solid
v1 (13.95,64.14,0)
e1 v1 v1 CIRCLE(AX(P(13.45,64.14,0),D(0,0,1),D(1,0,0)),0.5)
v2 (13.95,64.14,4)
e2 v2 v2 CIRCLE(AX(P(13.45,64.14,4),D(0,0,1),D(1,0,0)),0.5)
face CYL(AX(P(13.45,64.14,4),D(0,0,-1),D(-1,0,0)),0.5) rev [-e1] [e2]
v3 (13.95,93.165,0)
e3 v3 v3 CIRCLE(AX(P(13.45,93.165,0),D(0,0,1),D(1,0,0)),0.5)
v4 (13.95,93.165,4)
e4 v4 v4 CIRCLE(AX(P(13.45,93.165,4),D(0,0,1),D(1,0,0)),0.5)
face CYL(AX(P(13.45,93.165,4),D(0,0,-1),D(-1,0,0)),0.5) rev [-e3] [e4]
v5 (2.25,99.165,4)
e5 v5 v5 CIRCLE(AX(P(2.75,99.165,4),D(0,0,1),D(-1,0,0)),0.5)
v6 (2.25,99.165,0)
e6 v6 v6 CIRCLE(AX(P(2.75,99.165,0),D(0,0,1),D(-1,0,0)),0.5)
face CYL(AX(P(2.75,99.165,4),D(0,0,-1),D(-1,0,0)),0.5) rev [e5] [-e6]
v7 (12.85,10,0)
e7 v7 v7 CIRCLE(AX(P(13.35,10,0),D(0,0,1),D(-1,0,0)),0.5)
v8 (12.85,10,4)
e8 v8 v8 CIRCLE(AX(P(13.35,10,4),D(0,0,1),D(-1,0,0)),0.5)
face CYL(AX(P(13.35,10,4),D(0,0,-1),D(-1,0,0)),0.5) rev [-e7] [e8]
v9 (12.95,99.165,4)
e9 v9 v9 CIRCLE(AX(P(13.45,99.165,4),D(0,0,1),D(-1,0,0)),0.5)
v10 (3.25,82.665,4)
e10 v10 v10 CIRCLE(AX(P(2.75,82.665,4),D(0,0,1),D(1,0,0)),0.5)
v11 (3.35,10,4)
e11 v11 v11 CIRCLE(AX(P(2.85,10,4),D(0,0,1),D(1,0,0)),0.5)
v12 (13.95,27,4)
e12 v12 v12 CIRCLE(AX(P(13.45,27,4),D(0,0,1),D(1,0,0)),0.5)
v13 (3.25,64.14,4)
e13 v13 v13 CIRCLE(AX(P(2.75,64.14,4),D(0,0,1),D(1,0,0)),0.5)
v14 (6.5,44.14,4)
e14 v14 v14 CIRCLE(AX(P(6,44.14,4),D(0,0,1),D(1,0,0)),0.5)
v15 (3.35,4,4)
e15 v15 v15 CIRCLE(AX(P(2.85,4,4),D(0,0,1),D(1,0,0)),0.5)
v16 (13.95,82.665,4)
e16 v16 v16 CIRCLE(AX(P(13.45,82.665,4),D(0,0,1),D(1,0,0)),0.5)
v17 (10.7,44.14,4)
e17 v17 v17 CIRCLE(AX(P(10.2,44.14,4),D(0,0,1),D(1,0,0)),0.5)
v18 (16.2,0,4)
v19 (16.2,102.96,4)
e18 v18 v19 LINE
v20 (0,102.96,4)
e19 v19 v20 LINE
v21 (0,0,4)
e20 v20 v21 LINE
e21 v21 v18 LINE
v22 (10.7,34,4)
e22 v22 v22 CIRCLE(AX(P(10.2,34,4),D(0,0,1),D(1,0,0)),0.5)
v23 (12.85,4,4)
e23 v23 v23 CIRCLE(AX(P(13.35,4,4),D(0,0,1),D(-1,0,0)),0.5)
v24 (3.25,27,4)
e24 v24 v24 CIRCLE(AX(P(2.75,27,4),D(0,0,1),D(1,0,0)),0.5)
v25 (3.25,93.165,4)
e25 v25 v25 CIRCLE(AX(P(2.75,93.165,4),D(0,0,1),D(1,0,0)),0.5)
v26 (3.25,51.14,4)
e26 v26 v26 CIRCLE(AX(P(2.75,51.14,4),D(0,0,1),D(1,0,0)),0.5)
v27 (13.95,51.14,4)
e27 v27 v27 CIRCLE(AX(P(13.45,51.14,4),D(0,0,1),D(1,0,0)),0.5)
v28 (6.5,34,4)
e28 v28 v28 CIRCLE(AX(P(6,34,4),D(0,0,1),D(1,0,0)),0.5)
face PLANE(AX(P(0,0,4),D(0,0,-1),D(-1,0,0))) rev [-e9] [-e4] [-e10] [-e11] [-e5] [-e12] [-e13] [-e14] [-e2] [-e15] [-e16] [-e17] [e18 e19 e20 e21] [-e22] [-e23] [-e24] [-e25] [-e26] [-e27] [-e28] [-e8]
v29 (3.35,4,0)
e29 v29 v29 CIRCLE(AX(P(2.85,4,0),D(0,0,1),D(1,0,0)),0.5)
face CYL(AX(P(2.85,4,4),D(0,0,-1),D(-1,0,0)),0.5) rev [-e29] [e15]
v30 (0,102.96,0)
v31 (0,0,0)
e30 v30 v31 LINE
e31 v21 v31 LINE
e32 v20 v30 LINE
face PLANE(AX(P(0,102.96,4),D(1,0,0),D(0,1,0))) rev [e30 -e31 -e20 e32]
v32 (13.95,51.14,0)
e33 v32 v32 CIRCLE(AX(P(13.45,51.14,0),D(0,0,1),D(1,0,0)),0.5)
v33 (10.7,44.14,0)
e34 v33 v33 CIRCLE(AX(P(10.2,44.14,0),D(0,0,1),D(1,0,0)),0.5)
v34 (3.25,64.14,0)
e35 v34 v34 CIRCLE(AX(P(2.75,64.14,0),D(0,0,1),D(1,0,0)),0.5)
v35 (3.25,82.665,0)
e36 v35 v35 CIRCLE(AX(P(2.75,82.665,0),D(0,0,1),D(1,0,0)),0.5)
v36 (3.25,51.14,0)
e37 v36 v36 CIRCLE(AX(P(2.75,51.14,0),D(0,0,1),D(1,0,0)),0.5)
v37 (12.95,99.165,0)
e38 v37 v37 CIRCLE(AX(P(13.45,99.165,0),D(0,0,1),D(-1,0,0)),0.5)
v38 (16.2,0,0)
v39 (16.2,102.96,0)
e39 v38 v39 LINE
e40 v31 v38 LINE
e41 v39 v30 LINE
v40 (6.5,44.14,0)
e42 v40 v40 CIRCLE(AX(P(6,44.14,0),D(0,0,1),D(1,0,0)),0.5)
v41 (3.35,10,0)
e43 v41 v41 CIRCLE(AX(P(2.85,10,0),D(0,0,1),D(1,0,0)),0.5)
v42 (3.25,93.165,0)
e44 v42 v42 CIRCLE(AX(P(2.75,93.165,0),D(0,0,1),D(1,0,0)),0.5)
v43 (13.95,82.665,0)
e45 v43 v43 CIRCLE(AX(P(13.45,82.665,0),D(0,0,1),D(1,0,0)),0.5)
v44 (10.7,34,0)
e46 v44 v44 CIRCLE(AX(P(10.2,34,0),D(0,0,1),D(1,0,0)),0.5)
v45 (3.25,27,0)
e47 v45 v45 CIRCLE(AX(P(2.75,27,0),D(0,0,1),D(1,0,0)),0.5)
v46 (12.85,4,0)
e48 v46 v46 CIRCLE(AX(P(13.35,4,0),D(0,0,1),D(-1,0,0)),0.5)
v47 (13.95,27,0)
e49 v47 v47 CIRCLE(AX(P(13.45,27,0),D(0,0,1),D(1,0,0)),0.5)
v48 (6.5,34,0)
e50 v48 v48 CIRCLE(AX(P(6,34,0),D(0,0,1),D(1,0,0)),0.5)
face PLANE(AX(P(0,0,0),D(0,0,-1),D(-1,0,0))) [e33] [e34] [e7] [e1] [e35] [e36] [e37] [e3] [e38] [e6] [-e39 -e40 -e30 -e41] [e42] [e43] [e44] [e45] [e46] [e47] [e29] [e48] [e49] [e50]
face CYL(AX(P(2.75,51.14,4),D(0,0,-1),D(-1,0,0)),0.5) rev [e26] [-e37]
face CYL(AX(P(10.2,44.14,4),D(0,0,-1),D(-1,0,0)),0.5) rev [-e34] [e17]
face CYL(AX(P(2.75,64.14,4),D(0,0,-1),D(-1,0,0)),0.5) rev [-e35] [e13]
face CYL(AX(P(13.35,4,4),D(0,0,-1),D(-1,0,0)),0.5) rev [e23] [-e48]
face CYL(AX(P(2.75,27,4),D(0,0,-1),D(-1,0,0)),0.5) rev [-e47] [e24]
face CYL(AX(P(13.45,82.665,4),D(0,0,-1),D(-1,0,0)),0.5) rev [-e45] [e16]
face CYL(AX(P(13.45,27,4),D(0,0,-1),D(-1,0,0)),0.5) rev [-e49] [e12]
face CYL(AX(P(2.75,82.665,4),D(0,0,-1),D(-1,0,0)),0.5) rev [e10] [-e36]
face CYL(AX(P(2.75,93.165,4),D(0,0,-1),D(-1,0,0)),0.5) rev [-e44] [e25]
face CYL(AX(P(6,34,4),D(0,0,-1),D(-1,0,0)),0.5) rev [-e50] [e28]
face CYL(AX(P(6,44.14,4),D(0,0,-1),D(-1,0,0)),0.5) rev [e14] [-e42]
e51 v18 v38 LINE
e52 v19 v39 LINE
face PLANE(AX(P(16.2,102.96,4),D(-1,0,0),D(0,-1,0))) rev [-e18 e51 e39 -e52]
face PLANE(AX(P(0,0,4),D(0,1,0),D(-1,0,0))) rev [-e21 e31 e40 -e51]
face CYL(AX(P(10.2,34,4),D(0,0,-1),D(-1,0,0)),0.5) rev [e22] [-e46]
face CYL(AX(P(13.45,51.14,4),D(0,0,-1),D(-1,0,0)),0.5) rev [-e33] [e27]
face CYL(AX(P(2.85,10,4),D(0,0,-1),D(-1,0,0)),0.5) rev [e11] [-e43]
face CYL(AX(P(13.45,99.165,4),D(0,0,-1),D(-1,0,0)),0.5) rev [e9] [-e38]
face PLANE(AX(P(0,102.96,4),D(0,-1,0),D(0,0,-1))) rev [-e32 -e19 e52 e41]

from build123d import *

# Parameters (mm, degrees)
SKETCH1_W           = 16.2
SKETCH1_H           = 102.96
SKETCH1_R           = 0.5
BOSS_EXTRUDE1_DEPTH = 4


with BuildPart() as part:
    # Sketch1 → Boss-Extrude1 (new body)
    with BuildSketch(Plane.XY):
        with Locations((8.1, 51.48)):
            Rectangle(SKETCH1_W, SKETCH1_H)
        with Locations((13.45, 51.14)):
            Circle(SKETCH1_R, mode=Mode.SUBTRACT)
        with Locations((13.45, 93.165)):
            Circle(SKETCH1_R, mode=Mode.SUBTRACT)
        with Locations((2.75, 99.165)):
            Circle(SKETCH1_R, mode=Mode.SUBTRACT)
        with Locations((2.75, 51.14)):
            Circle(SKETCH1_R, mode=Mode.SUBTRACT)
        with Locations((6, 44.14)):
            Circle(SKETCH1_R, mode=Mode.SUBTRACT)
        with Locations((13.45, 27)):
            Circle(SKETCH1_R, mode=Mode.SUBTRACT)
        with Locations((6, 34)):
            Circle(SKETCH1_R, mode=Mode.SUBTRACT)
        with Locations((2.75, 27)):
            Circle(SKETCH1_R, mode=Mode.SUBTRACT)
        with Locations((2.75, 93.165)):
            Circle(SKETCH1_R, mode=Mode.SUBTRACT)
        with Locations((13.45, 82.665)):
            Circle(SKETCH1_R, mode=Mode.SUBTRACT)
        with Locations((13.45, 64.14)):
            Circle(SKETCH1_R, mode=Mode.SUBTRACT)
        with Locations((13.45, 99.165)):
            Circle(SKETCH1_R, mode=Mode.SUBTRACT)
        with Locations((10.2, 44.14)):
            Circle(SKETCH1_R, mode=Mode.SUBTRACT)
        with Locations((2.75, 82.665)):
            Circle(SKETCH1_R, mode=Mode.SUBTRACT)
        with Locations((2.85, 10)):
            Circle(SKETCH1_R, mode=Mode.SUBTRACT)
        with Locations((13.35, 10)):
            Circle(SKETCH1_R, mode=Mode.SUBTRACT)
        with Locations((13.35, 4)):
            Circle(SKETCH1_R, mode=Mode.SUBTRACT)
        with Locations((2.85, 4)):
            Circle(SKETCH1_R, mode=Mode.SUBTRACT)
        with Locations((2.75, 64.14)):
            Circle(SKETCH1_R, mode=Mode.SUBTRACT)
        with Locations((10.2, 34)):
            Circle(SKETCH1_R, mode=Mode.SUBTRACT)
    extrude(amount=BOSS_EXTRUDE1_DEPTH)


solid = part.part
